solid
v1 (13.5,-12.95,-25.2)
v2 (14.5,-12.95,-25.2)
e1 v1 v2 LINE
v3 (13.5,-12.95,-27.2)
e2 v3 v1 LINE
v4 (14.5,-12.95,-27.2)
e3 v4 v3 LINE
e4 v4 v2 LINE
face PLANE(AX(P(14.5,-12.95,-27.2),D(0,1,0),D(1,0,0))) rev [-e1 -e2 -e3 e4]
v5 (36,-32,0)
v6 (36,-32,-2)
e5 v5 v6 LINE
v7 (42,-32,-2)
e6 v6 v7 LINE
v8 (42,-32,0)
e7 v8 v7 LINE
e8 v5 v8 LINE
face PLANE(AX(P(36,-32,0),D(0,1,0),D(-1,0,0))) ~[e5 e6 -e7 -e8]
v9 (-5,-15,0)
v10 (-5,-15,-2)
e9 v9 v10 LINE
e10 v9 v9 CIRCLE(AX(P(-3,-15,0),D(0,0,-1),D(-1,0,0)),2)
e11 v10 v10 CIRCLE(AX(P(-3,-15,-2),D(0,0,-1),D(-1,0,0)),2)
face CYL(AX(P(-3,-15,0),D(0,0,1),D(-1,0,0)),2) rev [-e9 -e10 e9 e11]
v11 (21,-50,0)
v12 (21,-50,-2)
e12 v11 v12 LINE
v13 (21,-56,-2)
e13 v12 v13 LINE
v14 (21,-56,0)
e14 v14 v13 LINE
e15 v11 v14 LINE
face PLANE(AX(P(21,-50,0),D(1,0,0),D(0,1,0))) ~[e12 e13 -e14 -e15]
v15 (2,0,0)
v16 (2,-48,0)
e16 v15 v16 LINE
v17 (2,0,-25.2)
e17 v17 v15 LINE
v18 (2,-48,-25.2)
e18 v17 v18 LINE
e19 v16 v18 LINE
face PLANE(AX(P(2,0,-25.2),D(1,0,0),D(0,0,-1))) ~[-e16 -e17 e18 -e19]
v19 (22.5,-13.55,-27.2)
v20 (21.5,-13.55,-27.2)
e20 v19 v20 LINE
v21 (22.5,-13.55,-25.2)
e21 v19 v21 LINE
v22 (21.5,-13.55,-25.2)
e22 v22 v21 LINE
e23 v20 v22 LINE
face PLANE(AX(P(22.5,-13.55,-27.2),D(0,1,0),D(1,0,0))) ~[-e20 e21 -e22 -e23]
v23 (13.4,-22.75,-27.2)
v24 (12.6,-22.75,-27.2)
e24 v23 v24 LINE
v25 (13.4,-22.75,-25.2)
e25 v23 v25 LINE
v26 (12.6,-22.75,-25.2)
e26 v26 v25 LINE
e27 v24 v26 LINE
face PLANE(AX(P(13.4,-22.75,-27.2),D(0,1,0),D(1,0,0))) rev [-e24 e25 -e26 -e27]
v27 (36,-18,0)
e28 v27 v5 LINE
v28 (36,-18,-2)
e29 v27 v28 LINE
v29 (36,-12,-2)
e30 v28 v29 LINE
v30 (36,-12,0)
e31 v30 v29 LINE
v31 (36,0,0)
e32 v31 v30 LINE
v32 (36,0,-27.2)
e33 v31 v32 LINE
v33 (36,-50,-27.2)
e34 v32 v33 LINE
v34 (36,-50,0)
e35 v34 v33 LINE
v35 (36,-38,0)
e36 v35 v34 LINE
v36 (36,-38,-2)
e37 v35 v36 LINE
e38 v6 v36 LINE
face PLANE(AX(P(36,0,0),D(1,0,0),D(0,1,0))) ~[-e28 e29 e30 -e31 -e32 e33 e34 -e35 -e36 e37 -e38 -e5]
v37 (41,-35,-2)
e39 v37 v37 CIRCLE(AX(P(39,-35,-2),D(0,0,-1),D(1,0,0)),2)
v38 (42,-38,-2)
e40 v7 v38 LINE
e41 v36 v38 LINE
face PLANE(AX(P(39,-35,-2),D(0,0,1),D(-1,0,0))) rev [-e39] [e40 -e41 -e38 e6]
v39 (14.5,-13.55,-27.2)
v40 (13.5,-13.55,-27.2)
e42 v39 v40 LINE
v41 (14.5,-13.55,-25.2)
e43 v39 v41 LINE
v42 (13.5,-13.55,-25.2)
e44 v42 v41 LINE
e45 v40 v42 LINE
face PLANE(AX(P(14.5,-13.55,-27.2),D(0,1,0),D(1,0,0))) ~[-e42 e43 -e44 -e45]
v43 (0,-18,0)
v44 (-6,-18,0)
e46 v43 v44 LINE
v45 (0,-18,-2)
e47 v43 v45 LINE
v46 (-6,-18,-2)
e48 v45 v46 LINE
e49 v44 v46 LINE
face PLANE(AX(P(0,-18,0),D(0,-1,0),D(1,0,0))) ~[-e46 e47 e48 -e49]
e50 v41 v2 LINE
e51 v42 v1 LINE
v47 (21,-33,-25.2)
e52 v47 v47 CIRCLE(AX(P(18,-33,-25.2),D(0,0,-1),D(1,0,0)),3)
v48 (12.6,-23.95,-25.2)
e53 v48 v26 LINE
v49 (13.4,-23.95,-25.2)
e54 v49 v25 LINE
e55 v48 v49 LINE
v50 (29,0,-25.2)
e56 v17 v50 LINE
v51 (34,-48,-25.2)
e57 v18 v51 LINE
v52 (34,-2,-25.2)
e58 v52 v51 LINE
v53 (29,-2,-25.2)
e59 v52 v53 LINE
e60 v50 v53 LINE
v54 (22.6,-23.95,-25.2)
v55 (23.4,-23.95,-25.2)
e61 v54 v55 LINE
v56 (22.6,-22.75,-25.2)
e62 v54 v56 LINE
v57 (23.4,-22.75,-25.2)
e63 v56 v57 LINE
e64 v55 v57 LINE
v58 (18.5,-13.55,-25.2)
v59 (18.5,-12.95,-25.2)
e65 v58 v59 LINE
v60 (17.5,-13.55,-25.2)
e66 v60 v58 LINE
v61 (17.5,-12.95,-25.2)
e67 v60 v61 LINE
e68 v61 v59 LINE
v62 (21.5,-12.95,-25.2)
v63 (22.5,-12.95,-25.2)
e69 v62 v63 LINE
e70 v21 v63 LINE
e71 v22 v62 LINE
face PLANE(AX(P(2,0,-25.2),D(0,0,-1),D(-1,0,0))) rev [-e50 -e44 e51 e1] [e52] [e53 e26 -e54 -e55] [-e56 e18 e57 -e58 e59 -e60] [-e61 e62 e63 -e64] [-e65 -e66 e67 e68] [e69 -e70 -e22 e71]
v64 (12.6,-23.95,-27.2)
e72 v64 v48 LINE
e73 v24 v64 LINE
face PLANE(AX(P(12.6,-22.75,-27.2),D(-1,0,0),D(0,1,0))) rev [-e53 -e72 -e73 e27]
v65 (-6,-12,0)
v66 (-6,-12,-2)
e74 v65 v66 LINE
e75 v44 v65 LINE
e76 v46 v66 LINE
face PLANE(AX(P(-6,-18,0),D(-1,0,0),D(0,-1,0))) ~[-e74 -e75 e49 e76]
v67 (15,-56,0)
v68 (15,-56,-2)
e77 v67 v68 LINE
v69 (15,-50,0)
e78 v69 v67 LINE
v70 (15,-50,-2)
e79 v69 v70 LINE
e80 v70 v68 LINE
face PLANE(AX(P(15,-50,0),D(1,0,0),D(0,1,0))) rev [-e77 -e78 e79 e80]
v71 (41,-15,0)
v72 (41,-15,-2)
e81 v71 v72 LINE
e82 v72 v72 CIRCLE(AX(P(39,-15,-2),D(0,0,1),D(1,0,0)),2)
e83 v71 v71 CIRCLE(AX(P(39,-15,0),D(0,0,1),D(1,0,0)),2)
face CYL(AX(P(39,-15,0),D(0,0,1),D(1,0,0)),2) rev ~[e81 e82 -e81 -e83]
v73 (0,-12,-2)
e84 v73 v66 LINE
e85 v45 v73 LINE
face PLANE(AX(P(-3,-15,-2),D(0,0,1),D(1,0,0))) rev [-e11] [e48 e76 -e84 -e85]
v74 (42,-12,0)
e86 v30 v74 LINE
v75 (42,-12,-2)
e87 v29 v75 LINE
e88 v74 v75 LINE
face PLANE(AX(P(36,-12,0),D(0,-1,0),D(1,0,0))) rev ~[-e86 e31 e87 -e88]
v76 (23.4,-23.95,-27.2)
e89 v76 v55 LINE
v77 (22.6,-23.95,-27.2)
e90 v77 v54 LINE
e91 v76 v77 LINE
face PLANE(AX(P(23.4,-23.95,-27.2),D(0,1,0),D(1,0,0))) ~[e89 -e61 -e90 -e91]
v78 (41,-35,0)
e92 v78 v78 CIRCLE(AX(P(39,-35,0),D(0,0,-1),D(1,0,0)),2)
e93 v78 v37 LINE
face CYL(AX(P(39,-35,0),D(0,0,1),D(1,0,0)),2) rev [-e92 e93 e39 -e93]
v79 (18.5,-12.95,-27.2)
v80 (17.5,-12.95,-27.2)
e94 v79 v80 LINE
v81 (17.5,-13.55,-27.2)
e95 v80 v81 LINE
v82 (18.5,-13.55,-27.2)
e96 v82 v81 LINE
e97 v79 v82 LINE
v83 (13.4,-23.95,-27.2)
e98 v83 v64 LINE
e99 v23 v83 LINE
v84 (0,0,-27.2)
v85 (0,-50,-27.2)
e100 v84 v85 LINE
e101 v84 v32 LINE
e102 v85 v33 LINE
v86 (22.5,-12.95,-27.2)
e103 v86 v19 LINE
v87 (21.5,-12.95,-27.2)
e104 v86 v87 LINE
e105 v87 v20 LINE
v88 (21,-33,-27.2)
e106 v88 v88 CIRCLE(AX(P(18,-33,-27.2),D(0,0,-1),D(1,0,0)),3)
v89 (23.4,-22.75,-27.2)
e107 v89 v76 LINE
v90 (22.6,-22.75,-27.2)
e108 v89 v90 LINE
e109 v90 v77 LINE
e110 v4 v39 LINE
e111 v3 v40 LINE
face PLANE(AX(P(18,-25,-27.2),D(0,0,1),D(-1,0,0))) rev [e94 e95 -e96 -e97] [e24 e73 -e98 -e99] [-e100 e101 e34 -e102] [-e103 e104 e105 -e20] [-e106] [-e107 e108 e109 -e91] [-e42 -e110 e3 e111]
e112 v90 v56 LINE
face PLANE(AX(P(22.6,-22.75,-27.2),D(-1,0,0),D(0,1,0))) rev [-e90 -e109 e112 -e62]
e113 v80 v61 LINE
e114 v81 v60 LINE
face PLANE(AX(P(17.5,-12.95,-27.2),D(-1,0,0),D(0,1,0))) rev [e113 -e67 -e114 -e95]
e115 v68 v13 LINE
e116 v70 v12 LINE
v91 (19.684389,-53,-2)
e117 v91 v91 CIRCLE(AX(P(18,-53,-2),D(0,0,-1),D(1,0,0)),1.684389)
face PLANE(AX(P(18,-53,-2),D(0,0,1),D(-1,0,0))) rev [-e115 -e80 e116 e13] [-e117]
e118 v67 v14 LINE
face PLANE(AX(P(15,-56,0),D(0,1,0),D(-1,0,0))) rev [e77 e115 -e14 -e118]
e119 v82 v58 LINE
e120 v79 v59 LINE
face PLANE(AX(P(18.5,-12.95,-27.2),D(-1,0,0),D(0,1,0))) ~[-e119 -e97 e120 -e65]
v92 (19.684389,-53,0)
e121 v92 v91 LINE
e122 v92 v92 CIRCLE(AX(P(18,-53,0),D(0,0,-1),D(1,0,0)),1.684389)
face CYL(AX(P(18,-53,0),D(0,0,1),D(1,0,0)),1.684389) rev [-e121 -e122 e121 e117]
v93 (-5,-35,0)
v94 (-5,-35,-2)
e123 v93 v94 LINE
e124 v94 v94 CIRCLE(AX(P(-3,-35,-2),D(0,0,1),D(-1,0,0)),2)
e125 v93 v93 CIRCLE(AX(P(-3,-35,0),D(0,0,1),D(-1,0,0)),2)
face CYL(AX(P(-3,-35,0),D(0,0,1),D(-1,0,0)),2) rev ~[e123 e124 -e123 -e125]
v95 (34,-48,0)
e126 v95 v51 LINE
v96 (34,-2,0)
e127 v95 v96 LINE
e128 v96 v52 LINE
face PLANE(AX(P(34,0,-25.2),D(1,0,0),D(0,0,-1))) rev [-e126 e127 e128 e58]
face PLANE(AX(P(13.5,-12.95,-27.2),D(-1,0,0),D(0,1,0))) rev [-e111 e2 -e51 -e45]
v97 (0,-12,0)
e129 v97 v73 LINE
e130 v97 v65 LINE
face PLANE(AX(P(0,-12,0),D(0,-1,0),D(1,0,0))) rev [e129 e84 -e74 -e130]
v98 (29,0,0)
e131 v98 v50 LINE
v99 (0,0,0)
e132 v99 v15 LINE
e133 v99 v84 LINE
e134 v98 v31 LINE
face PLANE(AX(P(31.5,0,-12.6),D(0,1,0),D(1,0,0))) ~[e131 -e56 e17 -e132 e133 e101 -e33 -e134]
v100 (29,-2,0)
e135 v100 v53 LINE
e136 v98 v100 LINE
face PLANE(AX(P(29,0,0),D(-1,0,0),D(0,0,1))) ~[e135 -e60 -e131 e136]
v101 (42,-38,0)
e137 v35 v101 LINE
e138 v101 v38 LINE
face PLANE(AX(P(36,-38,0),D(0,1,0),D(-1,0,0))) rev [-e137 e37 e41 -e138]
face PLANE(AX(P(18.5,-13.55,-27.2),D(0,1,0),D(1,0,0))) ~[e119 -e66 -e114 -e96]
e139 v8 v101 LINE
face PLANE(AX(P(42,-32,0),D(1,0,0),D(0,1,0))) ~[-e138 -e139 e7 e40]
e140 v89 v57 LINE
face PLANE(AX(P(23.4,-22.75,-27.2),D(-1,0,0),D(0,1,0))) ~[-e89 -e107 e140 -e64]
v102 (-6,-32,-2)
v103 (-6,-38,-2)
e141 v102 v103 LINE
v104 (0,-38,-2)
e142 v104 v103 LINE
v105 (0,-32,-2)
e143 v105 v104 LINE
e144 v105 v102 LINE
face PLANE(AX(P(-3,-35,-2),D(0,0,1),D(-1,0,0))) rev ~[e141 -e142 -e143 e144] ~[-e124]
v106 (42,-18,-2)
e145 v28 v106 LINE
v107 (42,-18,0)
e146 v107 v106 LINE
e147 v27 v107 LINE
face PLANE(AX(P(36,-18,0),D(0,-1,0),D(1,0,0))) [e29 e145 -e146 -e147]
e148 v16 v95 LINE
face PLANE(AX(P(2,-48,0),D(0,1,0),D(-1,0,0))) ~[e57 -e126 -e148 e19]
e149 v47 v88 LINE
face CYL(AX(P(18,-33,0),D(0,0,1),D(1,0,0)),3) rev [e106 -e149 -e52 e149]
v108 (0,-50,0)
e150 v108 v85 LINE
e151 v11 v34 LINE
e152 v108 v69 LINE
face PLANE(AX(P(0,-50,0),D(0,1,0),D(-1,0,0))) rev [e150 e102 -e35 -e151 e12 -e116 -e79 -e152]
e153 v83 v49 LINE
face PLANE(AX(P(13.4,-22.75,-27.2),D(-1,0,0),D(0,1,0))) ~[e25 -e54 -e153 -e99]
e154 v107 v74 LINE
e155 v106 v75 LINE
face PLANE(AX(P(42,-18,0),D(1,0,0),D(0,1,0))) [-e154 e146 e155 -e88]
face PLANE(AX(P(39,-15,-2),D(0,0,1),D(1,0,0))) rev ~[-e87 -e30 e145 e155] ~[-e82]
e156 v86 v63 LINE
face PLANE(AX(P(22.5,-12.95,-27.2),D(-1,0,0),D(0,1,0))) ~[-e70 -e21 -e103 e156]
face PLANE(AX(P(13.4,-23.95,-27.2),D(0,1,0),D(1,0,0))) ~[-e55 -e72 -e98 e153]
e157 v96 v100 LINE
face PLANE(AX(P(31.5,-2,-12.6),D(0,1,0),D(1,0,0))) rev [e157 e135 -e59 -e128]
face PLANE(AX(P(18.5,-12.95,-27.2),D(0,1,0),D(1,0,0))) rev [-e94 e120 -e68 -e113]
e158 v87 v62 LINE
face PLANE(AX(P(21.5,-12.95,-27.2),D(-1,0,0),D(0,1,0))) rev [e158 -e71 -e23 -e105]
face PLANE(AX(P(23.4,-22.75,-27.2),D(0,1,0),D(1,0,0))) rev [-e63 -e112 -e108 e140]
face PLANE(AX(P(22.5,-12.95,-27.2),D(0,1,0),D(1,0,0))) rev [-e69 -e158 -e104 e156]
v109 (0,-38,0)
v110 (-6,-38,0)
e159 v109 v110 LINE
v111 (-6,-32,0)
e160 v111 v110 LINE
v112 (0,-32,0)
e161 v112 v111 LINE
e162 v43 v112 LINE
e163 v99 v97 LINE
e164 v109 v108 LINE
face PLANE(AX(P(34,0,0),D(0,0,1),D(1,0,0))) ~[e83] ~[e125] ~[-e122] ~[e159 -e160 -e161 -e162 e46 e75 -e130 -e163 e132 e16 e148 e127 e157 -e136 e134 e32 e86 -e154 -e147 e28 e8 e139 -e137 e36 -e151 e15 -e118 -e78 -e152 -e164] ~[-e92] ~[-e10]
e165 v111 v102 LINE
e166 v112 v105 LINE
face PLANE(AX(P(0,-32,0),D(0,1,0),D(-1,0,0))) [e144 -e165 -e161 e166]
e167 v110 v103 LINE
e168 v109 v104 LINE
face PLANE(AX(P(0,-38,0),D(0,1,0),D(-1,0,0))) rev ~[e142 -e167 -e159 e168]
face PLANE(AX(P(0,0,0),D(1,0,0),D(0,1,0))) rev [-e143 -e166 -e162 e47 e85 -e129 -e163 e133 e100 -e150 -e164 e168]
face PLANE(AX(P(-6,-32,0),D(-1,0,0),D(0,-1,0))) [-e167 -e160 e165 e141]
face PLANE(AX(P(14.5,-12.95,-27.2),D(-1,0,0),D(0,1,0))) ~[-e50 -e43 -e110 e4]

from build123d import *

# Parameters (mm, degrees)
SKETCH1_W           = 36
SKETCH1_H           = 50
BOSS_EXTRUDE1_DEPTH = 27.2
CUT_EXTRUDE1_REACH  = 69.349
SKETCH2_R           = 3
SKETCH8_W           = 32
SKETCH8_H           = 46
CUT_EXTRUDE2_DEPTH  = 25.2
SKETCH12_W          = 1
SKETCH12_H          = 0.6
SKETCH12_W_2        = 0.8
SKETCH12_H_2        = 1.2
CUT_EXTRUDE3_DEPTH  = 25.2
SKETCH14_W          = 32
SKETCH14_H          = 25.2
CUT_EXTRUDE4_DEPTH  = 25.2
SKETCH16_W          = 5
SKETCH16_H          = 25.2
BOSS_EXTRUDE2_DEPTH = 2
SKETCH17_W          = 6
SKETCH17_H          = 6
BOSS_EXTRUDE3_DEPTH = 2
SKETCH18_R          = 2
CUT_EXTRUDE5_DEPTH  = 2
SKETCH20_W          = 6
SKETCH20_H          = 6
BOSS_EXTRUDE4_DEPTH = 2
SKETCH21_R          = 1.684389361
CUT_EXTRUDE6_DEPTH  = 2


with BuildPart() as part:
    # Sketch1 → Boss-Extrude1 (new body)
    with BuildSketch(Plane.XY):
        with Locations((18, 25)):
            Rectangle(SKETCH1_W, SKETCH1_H)
    extrude(amount=-BOSS_EXTRUDE1_DEPTH)

    # Sketch2 → Cut-Extrude1 (cut, up to next)
    with BuildSketch(Plane.XY, mode=Mode.PRIVATE) as cut_extrude1_sk1:
        with Locations((18, 33)):
            Circle(SKETCH2_R)
    cut_extrude1_tool1 = extrude(cut_extrude1_sk1.sketch, amount=-CUT_EXTRUDE1_REACH, mode=Mode.PRIVATE) & part.part
    add(cut_extrude1_tool1.solids().sort_by_distance((18, 33, 0))[0], mode=Mode.SUBTRACT)

    # Sketch8 → Cut-Extrude2 (cut)
    with BuildSketch(Plane.XY):
        with Locations((18, 25)):
            Rectangle(SKETCH8_W, SKETCH8_H)
    extrude(amount=-CUT_EXTRUDE2_DEPTH, mode=Mode.SUBTRACT)

    # Sketch12 → Cut-Extrude3 (cut)
    with BuildSketch(Plane(origin=(0, 0, -27.2), x_dir=(-1, 0, 0), z_dir=(0, 0, -1))):
        with Locations((-14, 13.25)):
            Rectangle(SKETCH12_W, SKETCH12_H)
        with Locations((-18, 13.25)):
            Rectangle(SKETCH12_W, SKETCH12_H)
        with Locations((-22, 13.25)):
            Rectangle(SKETCH12_W, SKETCH12_H)
        with Locations((-13, 23.35)):
            Rectangle(SKETCH12_W_2, SKETCH12_H_2)
        with Locations((-23, 23.35)):
            Rectangle(SKETCH12_W_2, SKETCH12_H_2)
    extrude(amount=-CUT_EXTRUDE3_DEPTH, mode=Mode.SUBTRACT)

    # Sketch14 → Cut-Extrude4 (cut)
    with BuildSketch(Plane.XZ):
        with Locations((18, -12.6)):
            Rectangle(SKETCH14_W, SKETCH14_H)
    extrude(amount=-CUT_EXTRUDE4_DEPTH, mode=Mode.SUBTRACT)

    # Sketch16 → Boss-Extrude2 (add)
    with BuildSketch(Plane(origin=(0, 0, 0), x_dir=(-1, 0, 0), z_dir=(0, -1, 0))):
        with Locations((-31.5, 12.6)):
            Rectangle(SKETCH16_W, SKETCH16_H)
    extrude(amount=-BOSS_EXTRUDE2_DEPTH)

    # Sketch20 → Boss-Extrude4 (add)
    with BuildSketch(Plane.XY):
        with Locations((18, 53)):
            Rectangle(SKETCH20_W, SKETCH20_H)
    extrude(amount=-BOSS_EXTRUDE4_DEPTH)

    # Sketch21 → Cut-Extrude6 (cut)
    with BuildSketch(Plane.XY):
        with Locations((18, 53)):
            Circle(SKETCH21_R)
    extrude(amount=-CUT_EXTRUDE6_DEPTH, mode=Mode.SUBTRACT)


with BuildPart() as body_2:
    # Sketch17 → Boss-Extrude3 (new body)
    with BuildSketch(Plane.XY):
        with Locations((39, 35)):
            Rectangle(SKETCH17_W, SKETCH17_H)
    extrude(amount=-BOSS_EXTRUDE3_DEPTH)

    # Sketch18 → Cut-Extrude5 (cut)
    with BuildSketch(Plane.XY):
        with Locations((39, 35)):
            Circle(SKETCH18_R)
    extrude(amount=-CUT_EXTRUDE5_DEPTH, mode=Mode.SUBTRACT)


with BuildPart() as body_3:
    # Mirror1: mirrored copy
    add(body_2.part.mirror(Plane(origin=(0, 25, 0), x_dir=(0, 0, 1), z_dir=(0, -1, 0))))


with BuildPart() as body_4:
    # Mirror2: mirrored copy
    add(body_2.part.mirror(Plane.ZY.offset(-18)))


with BuildPart() as body_5:
    # Mirror2 2: mirrored copy
    add(body_3.part.mirror(Plane.ZY.offset(-18)))


with BuildPart() as part_1:
    add(part.part)

    # Combine1: union body 3, body 2, body 4, body 5
    add(body_3.part)
    add(body_2.part)
    add(body_4.part)
    add(body_5.part)


with BuildPart() as body_2_2:
    # Mirror6: mirrored copy
    add(part_1.part.mirror(Plane(origin=(0, 0, 0), x_dir=(0, 0, 1), z_dir=(0, -1, 0))))


solid = body_2_2.part
